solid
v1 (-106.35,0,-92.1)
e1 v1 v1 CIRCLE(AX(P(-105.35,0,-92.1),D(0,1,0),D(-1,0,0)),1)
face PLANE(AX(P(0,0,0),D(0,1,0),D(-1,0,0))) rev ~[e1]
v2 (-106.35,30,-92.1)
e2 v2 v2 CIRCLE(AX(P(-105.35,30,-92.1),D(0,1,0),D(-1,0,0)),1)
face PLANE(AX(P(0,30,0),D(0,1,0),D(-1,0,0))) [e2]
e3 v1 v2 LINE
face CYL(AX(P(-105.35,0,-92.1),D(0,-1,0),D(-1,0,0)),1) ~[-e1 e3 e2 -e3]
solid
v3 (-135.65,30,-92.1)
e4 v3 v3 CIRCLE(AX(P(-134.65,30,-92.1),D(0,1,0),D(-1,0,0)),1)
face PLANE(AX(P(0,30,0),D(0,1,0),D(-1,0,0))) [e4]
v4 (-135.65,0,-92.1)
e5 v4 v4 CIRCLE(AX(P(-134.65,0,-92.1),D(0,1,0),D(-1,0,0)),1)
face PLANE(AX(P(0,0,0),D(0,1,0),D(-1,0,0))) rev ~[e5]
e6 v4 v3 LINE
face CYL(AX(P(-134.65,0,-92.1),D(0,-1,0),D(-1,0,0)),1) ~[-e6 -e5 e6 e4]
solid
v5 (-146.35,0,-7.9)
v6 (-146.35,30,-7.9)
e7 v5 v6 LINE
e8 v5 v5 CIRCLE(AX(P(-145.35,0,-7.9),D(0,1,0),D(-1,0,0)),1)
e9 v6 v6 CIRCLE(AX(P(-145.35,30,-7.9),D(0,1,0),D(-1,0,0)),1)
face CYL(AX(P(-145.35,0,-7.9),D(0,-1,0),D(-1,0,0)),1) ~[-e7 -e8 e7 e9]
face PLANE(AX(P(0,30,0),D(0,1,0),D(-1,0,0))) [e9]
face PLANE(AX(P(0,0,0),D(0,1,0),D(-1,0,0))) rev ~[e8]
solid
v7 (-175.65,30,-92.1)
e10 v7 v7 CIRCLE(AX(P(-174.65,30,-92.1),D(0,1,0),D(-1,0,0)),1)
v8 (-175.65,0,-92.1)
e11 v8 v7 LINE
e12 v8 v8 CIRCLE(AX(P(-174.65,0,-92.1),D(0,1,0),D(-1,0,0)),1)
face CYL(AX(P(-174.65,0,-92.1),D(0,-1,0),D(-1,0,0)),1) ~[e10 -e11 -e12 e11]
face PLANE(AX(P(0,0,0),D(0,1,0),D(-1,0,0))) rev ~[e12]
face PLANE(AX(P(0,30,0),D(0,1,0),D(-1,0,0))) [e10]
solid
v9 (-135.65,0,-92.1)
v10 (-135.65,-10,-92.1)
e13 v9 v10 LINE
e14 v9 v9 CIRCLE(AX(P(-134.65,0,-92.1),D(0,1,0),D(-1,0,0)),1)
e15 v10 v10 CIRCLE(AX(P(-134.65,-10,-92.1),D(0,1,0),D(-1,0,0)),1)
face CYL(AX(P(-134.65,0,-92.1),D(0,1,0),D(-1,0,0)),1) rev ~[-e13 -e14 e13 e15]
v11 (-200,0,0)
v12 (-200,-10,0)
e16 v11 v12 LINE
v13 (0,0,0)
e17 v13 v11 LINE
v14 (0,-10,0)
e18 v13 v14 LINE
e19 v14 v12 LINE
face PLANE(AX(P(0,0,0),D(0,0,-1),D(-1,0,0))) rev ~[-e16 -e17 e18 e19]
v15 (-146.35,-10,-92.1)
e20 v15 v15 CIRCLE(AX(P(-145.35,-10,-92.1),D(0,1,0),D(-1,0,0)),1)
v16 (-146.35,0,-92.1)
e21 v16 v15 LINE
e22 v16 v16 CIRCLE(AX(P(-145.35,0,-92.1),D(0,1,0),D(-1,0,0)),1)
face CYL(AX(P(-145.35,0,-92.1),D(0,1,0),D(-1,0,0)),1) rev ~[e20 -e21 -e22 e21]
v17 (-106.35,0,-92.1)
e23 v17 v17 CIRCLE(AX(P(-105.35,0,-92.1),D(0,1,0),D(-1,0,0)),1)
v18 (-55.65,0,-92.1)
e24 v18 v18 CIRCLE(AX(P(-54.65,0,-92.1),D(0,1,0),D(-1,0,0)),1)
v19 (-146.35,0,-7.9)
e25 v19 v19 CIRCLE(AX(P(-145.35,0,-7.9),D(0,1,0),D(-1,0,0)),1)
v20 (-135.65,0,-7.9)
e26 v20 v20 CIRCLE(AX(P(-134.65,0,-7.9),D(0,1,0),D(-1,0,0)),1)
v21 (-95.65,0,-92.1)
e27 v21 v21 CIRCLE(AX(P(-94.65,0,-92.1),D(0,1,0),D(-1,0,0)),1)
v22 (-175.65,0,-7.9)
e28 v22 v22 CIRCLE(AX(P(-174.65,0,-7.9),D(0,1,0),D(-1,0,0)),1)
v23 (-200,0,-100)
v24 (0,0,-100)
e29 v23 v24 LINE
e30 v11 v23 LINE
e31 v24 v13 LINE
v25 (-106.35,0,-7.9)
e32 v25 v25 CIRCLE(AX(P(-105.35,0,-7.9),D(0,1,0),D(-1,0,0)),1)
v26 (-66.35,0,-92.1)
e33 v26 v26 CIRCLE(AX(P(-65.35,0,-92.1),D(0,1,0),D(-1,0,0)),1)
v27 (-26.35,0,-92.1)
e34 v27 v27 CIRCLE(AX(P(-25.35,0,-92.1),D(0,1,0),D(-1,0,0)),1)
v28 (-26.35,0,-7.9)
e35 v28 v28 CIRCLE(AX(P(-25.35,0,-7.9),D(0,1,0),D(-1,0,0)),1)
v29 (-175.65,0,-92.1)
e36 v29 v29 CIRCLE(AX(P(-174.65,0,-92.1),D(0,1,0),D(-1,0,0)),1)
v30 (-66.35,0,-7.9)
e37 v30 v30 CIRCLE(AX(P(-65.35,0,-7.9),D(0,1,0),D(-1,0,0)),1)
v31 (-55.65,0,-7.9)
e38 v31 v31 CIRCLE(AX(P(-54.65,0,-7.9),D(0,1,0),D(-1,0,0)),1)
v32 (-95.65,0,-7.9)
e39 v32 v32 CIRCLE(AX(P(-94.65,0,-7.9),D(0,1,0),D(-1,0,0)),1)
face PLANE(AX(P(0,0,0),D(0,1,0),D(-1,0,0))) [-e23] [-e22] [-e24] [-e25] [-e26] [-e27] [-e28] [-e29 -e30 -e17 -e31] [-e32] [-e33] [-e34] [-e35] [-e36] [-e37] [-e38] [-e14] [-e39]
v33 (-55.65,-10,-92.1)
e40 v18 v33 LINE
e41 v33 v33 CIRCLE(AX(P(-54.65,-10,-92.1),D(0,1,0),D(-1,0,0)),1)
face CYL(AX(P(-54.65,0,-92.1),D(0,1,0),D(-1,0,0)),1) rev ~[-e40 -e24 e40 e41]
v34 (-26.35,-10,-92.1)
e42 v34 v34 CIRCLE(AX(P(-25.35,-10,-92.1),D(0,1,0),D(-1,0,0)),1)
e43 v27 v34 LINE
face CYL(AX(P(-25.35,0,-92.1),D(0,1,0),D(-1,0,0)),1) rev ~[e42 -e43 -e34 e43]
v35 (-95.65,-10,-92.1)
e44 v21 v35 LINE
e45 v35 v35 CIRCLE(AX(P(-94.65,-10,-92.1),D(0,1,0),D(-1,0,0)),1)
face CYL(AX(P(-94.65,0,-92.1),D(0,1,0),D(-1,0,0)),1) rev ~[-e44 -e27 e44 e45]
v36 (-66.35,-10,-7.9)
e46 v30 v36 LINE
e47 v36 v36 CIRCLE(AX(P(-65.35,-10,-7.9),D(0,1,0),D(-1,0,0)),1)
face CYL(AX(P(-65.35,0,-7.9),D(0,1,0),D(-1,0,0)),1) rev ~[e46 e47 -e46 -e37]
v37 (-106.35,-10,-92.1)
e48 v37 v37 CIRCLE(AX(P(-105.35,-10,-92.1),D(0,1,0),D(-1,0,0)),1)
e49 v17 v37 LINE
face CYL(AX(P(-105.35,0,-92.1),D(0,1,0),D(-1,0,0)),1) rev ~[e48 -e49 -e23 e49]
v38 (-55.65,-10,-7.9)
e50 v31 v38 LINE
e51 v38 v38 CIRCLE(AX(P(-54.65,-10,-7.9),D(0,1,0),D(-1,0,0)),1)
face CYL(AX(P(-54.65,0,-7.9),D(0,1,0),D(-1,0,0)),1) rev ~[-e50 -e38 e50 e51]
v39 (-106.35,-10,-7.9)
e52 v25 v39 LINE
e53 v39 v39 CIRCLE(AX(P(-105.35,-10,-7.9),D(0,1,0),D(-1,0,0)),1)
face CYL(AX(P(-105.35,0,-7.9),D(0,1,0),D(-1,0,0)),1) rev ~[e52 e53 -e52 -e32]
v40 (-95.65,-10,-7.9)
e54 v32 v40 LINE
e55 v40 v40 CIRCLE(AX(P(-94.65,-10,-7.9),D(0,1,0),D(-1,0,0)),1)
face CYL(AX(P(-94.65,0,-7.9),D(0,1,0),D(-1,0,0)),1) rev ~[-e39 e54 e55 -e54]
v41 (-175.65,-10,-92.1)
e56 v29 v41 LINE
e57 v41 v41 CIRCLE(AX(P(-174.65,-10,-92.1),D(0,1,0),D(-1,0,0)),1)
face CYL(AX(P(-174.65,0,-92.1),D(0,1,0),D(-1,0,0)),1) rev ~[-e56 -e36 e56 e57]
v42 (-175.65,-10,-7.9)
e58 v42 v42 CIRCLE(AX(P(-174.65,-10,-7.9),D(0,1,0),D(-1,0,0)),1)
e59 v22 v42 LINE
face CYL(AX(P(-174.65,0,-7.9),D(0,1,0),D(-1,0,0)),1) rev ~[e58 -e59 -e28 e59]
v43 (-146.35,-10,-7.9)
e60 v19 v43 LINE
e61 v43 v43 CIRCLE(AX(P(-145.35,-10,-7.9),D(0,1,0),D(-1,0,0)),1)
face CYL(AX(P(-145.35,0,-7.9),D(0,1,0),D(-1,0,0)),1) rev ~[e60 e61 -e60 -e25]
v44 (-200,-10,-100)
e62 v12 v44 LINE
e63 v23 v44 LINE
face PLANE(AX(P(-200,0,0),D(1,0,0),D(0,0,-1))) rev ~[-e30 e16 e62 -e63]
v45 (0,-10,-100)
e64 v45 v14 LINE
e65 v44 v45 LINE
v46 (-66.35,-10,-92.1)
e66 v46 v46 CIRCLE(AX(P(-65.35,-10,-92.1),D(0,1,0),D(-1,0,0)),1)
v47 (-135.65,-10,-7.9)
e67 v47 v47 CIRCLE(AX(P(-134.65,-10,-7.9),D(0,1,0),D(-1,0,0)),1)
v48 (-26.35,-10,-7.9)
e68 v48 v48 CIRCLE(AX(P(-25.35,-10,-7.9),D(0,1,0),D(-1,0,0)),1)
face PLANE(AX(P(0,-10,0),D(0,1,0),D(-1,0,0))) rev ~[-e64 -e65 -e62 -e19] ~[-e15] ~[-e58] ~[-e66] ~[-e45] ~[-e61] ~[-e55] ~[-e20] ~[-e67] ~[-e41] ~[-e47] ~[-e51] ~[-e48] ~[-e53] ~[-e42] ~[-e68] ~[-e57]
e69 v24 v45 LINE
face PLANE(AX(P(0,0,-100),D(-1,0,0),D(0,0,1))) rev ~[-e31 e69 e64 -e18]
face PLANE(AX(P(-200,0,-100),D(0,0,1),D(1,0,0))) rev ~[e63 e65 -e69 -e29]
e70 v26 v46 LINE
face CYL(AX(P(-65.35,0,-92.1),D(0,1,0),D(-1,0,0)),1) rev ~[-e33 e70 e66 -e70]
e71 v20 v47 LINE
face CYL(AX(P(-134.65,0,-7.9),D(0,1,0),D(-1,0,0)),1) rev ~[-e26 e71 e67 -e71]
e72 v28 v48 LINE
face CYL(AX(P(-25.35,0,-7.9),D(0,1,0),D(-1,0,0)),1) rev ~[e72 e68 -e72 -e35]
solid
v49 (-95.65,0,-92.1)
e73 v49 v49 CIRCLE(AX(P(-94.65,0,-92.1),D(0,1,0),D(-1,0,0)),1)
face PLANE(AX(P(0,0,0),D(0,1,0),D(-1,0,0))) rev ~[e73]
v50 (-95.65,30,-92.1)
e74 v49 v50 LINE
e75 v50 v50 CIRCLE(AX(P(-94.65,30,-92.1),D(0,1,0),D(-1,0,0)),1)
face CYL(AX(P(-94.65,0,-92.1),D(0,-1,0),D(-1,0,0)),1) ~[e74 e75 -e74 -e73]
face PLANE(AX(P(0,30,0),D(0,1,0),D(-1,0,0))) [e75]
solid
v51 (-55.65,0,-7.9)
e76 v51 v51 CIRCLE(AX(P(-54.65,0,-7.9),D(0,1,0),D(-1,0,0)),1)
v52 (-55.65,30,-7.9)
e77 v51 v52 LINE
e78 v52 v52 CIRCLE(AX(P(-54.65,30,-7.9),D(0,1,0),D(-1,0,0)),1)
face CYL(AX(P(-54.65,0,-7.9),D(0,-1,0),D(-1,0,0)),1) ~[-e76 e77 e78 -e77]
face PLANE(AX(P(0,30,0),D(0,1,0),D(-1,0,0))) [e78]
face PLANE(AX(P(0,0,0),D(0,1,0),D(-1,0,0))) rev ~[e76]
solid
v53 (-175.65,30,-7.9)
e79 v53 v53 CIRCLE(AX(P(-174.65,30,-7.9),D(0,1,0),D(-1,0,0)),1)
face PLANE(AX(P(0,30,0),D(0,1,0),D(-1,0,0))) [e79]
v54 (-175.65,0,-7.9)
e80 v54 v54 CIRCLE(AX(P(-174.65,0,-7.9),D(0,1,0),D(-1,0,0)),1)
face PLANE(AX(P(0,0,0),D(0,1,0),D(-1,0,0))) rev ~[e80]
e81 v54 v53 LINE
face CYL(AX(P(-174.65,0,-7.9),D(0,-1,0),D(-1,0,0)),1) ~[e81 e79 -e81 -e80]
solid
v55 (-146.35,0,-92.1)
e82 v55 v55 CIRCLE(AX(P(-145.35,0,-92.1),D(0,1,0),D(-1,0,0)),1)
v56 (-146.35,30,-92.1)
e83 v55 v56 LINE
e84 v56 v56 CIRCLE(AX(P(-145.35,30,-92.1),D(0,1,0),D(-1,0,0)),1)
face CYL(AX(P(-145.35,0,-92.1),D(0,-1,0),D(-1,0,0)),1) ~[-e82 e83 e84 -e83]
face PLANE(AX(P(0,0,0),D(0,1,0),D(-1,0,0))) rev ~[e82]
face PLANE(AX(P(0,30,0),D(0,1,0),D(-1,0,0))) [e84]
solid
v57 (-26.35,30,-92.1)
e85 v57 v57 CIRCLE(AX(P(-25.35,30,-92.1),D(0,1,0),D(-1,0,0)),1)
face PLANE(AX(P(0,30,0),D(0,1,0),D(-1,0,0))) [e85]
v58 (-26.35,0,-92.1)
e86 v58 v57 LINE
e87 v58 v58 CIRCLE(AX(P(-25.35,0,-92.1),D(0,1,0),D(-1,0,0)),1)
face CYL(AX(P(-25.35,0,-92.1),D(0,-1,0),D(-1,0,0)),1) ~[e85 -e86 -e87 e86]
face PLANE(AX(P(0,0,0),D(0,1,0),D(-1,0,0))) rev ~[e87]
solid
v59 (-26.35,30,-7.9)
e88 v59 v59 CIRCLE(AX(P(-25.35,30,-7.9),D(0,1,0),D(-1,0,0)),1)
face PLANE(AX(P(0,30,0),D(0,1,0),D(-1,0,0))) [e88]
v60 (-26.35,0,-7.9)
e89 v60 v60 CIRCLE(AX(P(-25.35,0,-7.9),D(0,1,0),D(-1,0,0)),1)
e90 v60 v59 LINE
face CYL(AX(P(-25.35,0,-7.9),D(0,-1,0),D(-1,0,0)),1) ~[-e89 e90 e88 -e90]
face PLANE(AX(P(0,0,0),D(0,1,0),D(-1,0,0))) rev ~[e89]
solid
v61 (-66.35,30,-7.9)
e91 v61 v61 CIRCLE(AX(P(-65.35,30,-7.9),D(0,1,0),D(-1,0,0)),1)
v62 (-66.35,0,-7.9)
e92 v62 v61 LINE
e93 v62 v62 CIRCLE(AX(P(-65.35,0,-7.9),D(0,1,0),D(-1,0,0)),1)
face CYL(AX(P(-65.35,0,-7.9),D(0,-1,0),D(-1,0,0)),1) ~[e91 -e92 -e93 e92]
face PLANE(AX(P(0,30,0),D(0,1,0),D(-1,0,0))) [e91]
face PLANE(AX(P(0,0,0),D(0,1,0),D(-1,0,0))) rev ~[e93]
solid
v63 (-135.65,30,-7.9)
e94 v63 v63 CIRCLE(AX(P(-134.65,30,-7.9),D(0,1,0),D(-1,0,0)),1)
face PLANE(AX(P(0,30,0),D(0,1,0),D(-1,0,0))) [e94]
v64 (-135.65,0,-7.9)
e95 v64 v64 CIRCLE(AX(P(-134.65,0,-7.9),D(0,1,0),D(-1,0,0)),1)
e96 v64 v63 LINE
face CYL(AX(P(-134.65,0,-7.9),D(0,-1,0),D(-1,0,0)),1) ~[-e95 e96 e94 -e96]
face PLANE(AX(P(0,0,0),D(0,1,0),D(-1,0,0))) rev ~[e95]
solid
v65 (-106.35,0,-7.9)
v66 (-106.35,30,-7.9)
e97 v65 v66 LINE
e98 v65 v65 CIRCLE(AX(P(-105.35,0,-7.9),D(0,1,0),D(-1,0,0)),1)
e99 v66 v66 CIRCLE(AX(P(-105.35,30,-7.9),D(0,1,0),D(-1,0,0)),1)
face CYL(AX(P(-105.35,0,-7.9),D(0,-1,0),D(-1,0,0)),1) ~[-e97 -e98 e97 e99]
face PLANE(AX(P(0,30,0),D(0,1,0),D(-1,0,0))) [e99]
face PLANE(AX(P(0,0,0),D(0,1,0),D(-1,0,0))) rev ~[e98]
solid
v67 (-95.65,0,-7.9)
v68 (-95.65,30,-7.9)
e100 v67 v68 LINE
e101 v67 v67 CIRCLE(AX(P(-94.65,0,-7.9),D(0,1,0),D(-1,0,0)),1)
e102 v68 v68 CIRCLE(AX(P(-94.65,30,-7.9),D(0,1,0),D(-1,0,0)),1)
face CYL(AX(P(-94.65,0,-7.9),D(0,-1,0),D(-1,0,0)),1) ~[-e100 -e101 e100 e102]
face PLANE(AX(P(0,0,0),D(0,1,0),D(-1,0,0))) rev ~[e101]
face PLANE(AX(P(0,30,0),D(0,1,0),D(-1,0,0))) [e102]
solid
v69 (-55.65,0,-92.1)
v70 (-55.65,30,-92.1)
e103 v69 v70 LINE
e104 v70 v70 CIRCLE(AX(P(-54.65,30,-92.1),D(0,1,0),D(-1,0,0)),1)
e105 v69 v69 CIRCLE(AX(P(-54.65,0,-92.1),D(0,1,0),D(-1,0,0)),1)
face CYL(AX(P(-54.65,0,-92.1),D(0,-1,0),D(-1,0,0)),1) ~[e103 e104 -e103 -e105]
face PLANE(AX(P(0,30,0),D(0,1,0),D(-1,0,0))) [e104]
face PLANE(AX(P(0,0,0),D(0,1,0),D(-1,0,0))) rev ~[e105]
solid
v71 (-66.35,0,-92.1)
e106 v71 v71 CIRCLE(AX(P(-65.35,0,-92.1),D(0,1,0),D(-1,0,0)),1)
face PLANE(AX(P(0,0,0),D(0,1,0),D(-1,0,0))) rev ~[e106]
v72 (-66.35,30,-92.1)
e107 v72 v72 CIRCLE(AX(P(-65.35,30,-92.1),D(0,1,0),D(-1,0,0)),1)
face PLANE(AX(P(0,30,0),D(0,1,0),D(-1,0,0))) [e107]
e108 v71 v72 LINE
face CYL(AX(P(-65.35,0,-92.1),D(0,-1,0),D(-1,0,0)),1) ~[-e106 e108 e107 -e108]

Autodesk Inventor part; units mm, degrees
ref_plane "YZ Plane" through (0, 0, 0) normal (1, 0, 0) x (0, 1, 0)
ref_plane "XZ Plane" through (0, 0, 0) normal (0, 1, 0) x (-1, 0, 0)
ref_plane "XY Plane" through (0, 0, 0) normal (0, 0, 1) x (1, 0, 0)
sketch "Sketch3" plane through (0, 0, 0) normal (0, 1, 0) x (-1, 0, 0)
  line L0 (0, 0) -> (200, 0)
  line L1 (200, 0) -> (200, -100)
  line L2 (200, -100) -> (0, -100)
  line L3 (0, -100) -> (0, 0)
  circle A0 centre (54.65, -7.9) radius 1
  circle A1 centre (25.35, -7.9) radius 1
  circle A2 centre (54.65, -92.1) radius 1
  circle A3 centre (25.35, -92.1) radius 1
  circle A4 centre (145.35, -7.9) radius 1
  circle A5 centre (174.65, -7.9) radius 1
  circle A6 centre (145.35, -92.1) radius 1
  circle A7 centre (174.65, -92.1) radius 1
  circle A8 centre (94.65, -7.9) radius 1
  circle A9 centre (65.35, -7.9) radius 1
  circle A10 centre (94.65, -92.1) radius 1
  circle A11 centre (65.35, -92.1) radius 1
  circle A12 centre (105.35, -7.9) radius 1
  circle A13 centre (134.65, -7.9) radius 1
  circle A14 centre (134.65, -92.1) radius 1
  circle A15 centre (105.35, -92.1) radius 1
  dimension "d5" = 200
  dimension "d6" = 100
  dimension "d8" = 2
  dimension "d9" = 2
extrude "Extrusion2" add sketch "Sketch3" along normal blind 30 contours A1
extrude "Extrusion3" add sketch "Sketch3" along normal blind 30 contours A0 | A2 | A3 | A4 | A5 | A6 | A7 | A8 | A9 | A10 | A11 | A12 | A13 | A14 | A15
extrude "Extrusion4" add sketch "Sketch3" against normal blind 10
properties part number "fuselage"
